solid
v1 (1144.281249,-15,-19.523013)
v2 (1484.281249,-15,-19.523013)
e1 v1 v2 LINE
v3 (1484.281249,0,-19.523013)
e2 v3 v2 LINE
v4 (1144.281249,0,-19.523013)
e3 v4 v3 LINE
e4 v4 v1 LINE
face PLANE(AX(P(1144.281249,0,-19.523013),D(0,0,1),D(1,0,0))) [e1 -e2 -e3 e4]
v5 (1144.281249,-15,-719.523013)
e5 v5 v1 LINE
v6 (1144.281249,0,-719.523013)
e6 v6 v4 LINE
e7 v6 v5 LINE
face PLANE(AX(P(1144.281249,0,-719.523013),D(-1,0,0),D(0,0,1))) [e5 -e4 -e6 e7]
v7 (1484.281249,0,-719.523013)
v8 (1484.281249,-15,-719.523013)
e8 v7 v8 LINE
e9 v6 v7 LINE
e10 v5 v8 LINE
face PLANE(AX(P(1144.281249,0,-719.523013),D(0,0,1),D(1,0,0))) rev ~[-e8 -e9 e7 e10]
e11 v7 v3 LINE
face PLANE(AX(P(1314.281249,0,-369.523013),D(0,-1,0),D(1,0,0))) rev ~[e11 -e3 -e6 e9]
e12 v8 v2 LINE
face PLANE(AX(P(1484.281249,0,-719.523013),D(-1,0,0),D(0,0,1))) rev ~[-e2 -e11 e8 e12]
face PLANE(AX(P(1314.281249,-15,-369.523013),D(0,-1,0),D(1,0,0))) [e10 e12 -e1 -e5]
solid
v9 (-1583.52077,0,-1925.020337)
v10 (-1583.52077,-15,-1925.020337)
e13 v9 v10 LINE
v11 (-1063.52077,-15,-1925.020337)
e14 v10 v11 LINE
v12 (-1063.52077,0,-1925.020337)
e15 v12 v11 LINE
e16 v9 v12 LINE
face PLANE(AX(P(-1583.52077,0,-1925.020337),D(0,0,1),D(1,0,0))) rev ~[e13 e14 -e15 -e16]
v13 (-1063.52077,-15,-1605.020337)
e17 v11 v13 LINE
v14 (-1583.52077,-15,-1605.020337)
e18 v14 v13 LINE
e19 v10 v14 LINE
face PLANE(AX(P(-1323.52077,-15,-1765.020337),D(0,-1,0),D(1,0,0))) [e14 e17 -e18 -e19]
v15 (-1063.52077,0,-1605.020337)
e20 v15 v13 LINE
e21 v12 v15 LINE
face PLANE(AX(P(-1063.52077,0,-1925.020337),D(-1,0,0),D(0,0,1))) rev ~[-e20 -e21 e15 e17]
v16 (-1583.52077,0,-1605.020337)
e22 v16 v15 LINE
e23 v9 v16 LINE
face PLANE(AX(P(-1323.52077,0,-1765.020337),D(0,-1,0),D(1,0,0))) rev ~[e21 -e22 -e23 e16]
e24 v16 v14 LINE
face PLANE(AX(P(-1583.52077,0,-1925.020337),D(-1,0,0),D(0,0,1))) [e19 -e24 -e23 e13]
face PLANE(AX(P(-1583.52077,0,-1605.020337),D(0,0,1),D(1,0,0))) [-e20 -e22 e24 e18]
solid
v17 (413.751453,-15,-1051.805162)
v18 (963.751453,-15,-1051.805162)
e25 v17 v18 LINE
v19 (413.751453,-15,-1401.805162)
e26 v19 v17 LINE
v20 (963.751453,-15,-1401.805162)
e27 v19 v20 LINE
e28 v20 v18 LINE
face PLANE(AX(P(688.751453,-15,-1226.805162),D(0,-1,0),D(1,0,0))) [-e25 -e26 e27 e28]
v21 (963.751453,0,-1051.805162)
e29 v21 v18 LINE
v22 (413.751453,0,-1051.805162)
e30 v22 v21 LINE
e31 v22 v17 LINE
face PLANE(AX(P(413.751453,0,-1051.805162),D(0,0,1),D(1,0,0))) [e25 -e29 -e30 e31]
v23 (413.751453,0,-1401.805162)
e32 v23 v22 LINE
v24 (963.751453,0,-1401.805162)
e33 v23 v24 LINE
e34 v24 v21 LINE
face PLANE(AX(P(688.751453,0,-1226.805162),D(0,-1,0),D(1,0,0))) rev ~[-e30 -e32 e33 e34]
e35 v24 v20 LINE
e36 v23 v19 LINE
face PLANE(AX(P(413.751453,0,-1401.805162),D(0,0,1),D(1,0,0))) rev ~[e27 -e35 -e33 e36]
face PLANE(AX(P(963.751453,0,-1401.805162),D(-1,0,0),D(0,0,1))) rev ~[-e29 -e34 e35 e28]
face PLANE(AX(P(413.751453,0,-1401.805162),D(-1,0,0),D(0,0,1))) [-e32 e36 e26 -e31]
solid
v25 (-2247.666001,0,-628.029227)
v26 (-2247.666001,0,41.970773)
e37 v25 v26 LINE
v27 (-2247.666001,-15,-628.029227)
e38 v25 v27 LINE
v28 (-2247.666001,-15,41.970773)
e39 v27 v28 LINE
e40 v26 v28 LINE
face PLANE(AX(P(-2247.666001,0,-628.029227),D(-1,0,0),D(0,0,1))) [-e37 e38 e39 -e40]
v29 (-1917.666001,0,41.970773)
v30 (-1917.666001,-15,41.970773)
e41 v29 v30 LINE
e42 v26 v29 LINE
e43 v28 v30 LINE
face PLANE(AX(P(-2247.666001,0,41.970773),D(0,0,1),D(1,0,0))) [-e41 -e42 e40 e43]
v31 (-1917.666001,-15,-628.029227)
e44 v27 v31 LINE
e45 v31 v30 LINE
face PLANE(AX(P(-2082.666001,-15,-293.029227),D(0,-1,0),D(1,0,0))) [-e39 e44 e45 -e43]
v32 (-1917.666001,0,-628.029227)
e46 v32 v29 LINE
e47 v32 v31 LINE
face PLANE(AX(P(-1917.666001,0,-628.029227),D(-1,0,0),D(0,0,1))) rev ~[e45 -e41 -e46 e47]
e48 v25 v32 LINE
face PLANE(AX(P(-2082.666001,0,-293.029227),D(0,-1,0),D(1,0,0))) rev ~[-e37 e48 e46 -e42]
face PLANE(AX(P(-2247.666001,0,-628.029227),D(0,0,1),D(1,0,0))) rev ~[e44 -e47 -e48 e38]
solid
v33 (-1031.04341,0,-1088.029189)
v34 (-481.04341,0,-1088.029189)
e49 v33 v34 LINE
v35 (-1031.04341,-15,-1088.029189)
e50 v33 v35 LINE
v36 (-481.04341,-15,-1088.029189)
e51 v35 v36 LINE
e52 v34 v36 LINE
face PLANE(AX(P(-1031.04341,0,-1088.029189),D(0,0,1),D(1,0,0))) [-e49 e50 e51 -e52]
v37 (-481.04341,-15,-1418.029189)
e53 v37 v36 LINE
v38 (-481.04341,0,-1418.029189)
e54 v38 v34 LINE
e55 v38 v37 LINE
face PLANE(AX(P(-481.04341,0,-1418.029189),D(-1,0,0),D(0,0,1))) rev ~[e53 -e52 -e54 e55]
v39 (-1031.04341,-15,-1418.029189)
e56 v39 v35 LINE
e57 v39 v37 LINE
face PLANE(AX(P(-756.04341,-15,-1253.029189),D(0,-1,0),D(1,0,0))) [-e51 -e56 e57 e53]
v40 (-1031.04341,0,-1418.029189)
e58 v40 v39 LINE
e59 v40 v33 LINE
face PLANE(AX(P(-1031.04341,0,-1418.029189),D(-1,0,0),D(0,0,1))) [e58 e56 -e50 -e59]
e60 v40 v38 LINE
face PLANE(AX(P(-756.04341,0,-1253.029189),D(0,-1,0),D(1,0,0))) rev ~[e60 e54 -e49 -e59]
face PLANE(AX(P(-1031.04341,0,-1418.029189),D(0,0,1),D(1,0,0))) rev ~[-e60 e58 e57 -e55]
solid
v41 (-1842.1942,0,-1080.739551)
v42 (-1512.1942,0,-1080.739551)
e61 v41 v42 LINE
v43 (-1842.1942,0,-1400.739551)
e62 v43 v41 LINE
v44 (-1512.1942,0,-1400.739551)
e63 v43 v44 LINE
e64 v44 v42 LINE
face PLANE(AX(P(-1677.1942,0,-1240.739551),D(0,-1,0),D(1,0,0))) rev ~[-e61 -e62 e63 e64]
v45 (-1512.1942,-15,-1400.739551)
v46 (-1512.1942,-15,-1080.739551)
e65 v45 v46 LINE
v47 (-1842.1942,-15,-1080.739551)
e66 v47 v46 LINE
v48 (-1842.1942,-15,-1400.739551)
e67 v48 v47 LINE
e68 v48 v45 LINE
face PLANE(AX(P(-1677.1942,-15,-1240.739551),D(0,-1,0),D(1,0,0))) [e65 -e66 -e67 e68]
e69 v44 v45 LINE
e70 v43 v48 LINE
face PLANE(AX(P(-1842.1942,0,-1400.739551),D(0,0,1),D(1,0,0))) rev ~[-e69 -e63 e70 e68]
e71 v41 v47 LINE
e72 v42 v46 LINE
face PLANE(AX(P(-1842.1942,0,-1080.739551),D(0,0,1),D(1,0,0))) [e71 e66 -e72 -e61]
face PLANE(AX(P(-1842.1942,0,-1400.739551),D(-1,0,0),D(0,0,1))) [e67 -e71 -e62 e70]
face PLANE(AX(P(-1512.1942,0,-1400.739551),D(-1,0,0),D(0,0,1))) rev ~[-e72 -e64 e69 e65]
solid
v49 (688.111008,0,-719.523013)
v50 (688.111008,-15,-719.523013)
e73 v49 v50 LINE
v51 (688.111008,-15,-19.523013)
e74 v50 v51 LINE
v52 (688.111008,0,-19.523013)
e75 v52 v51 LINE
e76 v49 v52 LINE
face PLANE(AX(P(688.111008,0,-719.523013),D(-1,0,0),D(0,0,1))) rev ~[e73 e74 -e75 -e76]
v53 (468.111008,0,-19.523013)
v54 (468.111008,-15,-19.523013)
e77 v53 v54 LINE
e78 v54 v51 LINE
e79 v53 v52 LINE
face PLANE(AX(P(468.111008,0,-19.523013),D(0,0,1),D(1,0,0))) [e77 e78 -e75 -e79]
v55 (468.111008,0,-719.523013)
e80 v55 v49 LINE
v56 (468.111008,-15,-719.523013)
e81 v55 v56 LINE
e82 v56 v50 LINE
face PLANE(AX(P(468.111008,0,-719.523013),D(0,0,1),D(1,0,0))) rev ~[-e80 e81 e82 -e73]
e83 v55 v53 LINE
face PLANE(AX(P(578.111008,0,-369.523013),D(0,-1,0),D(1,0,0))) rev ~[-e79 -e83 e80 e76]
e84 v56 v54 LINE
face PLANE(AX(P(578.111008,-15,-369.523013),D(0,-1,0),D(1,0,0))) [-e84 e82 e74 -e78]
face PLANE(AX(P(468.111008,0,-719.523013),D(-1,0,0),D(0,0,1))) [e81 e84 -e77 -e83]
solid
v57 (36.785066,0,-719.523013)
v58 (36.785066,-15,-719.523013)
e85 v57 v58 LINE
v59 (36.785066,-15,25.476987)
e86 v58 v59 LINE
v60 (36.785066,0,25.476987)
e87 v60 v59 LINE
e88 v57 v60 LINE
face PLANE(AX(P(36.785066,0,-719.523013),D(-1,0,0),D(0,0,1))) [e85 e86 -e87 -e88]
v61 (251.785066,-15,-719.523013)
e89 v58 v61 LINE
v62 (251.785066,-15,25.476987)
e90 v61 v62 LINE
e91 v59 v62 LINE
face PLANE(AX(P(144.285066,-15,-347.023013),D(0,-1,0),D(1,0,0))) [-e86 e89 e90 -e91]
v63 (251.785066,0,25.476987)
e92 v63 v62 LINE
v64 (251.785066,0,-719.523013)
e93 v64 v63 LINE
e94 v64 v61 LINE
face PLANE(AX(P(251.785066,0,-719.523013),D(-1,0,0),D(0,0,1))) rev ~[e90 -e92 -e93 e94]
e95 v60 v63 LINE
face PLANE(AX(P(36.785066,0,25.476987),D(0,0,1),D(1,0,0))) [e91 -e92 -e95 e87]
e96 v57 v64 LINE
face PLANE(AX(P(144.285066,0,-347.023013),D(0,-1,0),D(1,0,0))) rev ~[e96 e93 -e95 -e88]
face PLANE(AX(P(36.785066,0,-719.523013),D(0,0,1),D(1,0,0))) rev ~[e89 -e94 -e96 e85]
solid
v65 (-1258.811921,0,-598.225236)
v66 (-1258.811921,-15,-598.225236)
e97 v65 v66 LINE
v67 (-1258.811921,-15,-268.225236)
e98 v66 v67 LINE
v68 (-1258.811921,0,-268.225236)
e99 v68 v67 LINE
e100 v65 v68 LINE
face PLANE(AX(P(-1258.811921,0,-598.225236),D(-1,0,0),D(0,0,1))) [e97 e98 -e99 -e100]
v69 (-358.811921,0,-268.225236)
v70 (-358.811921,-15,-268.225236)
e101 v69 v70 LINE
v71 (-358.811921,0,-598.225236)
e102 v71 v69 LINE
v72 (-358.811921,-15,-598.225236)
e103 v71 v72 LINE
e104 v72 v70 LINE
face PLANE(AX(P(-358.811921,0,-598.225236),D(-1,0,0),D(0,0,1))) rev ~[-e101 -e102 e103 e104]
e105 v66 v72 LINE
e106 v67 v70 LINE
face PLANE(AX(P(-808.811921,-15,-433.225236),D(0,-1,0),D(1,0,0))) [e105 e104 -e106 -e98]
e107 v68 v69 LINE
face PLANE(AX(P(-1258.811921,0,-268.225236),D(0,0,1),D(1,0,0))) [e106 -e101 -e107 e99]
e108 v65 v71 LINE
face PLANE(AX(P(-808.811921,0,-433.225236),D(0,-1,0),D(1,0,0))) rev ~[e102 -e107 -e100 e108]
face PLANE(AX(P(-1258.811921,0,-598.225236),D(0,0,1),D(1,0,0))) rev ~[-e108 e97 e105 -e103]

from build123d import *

# Parameters (mm, degrees)
F0_W      = 340
F0_H      = 700
F1_DEPTH  = 15
F0_W_2    = 220
F2_DEPTH  = 15
F0_W_3    = 215
F0_H_2    = 745
F3_DEPTH  = 15
F4_W      = 900
F4_H      = 330
F5_DEPTH  = 15
F0_W_4    = 550
F0_H_3    = 350
F6_DEPTH  = 15
F4_W_2    = 330
F4_H_2    = 670
F7_DEPTH  = 15
F4_W_3    = 550
F8_DEPTH  = 15
F4_H_3    = 320
F9_DEPTH  = 15
F4_W_4    = 520
F10_DEPTH = 15


with BuildPart() as f1:
    # F0 (on Front) → F1 (new body)
    with BuildSketch(Plane.XZ):
        with Locations((1314.281249, -369.523013)):
            Rectangle(F0_W, F0_H)
    extrude(amount=F1_DEPTH)


with BuildPart() as f2:
    # F0 (on Front) → F2 (new body)
    with BuildSketch(Plane.XZ):
        with Locations((578.111008, -369.523013)):
            Rectangle(F0_W_2, F0_H)
    extrude(amount=F2_DEPTH)


with BuildPart() as f3:
    # F0 (on Front) → F3 (new body)
    with BuildSketch(Plane.XZ):
        with Locations((144.285066, -347.023013)):
            Rectangle(F0_W_3, F0_H_2)
    extrude(amount=F3_DEPTH)


with BuildPart() as f5:
    # F4 (on Front) → F5 (new body)
    with BuildSketch(Plane.XZ):
        with Locations((-808.811921, -433.225236)):
            Rectangle(F4_W, F4_H)
    extrude(amount=F5_DEPTH)


with BuildPart() as f6:
    # F0 (on Front) → F6 (new body)
    with BuildSketch(Plane.XZ):
        with Locations((688.751453, -1226.805162)):
            Rectangle(F0_W_4, F0_H_3)
    extrude(amount=F6_DEPTH)


with BuildPart() as f7:
    # F4 (on Front) → F7 (new body)
    with BuildSketch(Plane.XZ):
        with Locations((-2082.666001, -293.029227)):
            Rectangle(F4_W_2, F4_H_2)
    extrude(amount=F7_DEPTH)


with BuildPart() as f8:
    # F4 (on Front) → F8 (new body)
    with BuildSketch(Plane.XZ):
        with Locations((-756.04341, -1253.029189)):
            Rectangle(F4_W_3, F4_H)
    extrude(amount=F8_DEPTH)


with BuildPart() as f9:
    # F4 (on Front) → F9 (new body)
    with BuildSketch(Plane.XZ):
        with Locations((-1677.1942, -1240.739551)):
            Rectangle(F4_W_2, F4_H_3)
    extrude(amount=F9_DEPTH)


with BuildPart() as f10:
    # F4 (on Front) → F10 (new body)
    with BuildSketch(Plane.XZ):
        with Locations((-1323.52077, -1765.020337)):
            Rectangle(F4_W_4, F4_H_3)
    extrude(amount=F10_DEPTH)


solid = Compound([f1.part, f2.part, f3.part, f5.part, f6.part, f7.part, f8.part, f9.part, f10.part])
